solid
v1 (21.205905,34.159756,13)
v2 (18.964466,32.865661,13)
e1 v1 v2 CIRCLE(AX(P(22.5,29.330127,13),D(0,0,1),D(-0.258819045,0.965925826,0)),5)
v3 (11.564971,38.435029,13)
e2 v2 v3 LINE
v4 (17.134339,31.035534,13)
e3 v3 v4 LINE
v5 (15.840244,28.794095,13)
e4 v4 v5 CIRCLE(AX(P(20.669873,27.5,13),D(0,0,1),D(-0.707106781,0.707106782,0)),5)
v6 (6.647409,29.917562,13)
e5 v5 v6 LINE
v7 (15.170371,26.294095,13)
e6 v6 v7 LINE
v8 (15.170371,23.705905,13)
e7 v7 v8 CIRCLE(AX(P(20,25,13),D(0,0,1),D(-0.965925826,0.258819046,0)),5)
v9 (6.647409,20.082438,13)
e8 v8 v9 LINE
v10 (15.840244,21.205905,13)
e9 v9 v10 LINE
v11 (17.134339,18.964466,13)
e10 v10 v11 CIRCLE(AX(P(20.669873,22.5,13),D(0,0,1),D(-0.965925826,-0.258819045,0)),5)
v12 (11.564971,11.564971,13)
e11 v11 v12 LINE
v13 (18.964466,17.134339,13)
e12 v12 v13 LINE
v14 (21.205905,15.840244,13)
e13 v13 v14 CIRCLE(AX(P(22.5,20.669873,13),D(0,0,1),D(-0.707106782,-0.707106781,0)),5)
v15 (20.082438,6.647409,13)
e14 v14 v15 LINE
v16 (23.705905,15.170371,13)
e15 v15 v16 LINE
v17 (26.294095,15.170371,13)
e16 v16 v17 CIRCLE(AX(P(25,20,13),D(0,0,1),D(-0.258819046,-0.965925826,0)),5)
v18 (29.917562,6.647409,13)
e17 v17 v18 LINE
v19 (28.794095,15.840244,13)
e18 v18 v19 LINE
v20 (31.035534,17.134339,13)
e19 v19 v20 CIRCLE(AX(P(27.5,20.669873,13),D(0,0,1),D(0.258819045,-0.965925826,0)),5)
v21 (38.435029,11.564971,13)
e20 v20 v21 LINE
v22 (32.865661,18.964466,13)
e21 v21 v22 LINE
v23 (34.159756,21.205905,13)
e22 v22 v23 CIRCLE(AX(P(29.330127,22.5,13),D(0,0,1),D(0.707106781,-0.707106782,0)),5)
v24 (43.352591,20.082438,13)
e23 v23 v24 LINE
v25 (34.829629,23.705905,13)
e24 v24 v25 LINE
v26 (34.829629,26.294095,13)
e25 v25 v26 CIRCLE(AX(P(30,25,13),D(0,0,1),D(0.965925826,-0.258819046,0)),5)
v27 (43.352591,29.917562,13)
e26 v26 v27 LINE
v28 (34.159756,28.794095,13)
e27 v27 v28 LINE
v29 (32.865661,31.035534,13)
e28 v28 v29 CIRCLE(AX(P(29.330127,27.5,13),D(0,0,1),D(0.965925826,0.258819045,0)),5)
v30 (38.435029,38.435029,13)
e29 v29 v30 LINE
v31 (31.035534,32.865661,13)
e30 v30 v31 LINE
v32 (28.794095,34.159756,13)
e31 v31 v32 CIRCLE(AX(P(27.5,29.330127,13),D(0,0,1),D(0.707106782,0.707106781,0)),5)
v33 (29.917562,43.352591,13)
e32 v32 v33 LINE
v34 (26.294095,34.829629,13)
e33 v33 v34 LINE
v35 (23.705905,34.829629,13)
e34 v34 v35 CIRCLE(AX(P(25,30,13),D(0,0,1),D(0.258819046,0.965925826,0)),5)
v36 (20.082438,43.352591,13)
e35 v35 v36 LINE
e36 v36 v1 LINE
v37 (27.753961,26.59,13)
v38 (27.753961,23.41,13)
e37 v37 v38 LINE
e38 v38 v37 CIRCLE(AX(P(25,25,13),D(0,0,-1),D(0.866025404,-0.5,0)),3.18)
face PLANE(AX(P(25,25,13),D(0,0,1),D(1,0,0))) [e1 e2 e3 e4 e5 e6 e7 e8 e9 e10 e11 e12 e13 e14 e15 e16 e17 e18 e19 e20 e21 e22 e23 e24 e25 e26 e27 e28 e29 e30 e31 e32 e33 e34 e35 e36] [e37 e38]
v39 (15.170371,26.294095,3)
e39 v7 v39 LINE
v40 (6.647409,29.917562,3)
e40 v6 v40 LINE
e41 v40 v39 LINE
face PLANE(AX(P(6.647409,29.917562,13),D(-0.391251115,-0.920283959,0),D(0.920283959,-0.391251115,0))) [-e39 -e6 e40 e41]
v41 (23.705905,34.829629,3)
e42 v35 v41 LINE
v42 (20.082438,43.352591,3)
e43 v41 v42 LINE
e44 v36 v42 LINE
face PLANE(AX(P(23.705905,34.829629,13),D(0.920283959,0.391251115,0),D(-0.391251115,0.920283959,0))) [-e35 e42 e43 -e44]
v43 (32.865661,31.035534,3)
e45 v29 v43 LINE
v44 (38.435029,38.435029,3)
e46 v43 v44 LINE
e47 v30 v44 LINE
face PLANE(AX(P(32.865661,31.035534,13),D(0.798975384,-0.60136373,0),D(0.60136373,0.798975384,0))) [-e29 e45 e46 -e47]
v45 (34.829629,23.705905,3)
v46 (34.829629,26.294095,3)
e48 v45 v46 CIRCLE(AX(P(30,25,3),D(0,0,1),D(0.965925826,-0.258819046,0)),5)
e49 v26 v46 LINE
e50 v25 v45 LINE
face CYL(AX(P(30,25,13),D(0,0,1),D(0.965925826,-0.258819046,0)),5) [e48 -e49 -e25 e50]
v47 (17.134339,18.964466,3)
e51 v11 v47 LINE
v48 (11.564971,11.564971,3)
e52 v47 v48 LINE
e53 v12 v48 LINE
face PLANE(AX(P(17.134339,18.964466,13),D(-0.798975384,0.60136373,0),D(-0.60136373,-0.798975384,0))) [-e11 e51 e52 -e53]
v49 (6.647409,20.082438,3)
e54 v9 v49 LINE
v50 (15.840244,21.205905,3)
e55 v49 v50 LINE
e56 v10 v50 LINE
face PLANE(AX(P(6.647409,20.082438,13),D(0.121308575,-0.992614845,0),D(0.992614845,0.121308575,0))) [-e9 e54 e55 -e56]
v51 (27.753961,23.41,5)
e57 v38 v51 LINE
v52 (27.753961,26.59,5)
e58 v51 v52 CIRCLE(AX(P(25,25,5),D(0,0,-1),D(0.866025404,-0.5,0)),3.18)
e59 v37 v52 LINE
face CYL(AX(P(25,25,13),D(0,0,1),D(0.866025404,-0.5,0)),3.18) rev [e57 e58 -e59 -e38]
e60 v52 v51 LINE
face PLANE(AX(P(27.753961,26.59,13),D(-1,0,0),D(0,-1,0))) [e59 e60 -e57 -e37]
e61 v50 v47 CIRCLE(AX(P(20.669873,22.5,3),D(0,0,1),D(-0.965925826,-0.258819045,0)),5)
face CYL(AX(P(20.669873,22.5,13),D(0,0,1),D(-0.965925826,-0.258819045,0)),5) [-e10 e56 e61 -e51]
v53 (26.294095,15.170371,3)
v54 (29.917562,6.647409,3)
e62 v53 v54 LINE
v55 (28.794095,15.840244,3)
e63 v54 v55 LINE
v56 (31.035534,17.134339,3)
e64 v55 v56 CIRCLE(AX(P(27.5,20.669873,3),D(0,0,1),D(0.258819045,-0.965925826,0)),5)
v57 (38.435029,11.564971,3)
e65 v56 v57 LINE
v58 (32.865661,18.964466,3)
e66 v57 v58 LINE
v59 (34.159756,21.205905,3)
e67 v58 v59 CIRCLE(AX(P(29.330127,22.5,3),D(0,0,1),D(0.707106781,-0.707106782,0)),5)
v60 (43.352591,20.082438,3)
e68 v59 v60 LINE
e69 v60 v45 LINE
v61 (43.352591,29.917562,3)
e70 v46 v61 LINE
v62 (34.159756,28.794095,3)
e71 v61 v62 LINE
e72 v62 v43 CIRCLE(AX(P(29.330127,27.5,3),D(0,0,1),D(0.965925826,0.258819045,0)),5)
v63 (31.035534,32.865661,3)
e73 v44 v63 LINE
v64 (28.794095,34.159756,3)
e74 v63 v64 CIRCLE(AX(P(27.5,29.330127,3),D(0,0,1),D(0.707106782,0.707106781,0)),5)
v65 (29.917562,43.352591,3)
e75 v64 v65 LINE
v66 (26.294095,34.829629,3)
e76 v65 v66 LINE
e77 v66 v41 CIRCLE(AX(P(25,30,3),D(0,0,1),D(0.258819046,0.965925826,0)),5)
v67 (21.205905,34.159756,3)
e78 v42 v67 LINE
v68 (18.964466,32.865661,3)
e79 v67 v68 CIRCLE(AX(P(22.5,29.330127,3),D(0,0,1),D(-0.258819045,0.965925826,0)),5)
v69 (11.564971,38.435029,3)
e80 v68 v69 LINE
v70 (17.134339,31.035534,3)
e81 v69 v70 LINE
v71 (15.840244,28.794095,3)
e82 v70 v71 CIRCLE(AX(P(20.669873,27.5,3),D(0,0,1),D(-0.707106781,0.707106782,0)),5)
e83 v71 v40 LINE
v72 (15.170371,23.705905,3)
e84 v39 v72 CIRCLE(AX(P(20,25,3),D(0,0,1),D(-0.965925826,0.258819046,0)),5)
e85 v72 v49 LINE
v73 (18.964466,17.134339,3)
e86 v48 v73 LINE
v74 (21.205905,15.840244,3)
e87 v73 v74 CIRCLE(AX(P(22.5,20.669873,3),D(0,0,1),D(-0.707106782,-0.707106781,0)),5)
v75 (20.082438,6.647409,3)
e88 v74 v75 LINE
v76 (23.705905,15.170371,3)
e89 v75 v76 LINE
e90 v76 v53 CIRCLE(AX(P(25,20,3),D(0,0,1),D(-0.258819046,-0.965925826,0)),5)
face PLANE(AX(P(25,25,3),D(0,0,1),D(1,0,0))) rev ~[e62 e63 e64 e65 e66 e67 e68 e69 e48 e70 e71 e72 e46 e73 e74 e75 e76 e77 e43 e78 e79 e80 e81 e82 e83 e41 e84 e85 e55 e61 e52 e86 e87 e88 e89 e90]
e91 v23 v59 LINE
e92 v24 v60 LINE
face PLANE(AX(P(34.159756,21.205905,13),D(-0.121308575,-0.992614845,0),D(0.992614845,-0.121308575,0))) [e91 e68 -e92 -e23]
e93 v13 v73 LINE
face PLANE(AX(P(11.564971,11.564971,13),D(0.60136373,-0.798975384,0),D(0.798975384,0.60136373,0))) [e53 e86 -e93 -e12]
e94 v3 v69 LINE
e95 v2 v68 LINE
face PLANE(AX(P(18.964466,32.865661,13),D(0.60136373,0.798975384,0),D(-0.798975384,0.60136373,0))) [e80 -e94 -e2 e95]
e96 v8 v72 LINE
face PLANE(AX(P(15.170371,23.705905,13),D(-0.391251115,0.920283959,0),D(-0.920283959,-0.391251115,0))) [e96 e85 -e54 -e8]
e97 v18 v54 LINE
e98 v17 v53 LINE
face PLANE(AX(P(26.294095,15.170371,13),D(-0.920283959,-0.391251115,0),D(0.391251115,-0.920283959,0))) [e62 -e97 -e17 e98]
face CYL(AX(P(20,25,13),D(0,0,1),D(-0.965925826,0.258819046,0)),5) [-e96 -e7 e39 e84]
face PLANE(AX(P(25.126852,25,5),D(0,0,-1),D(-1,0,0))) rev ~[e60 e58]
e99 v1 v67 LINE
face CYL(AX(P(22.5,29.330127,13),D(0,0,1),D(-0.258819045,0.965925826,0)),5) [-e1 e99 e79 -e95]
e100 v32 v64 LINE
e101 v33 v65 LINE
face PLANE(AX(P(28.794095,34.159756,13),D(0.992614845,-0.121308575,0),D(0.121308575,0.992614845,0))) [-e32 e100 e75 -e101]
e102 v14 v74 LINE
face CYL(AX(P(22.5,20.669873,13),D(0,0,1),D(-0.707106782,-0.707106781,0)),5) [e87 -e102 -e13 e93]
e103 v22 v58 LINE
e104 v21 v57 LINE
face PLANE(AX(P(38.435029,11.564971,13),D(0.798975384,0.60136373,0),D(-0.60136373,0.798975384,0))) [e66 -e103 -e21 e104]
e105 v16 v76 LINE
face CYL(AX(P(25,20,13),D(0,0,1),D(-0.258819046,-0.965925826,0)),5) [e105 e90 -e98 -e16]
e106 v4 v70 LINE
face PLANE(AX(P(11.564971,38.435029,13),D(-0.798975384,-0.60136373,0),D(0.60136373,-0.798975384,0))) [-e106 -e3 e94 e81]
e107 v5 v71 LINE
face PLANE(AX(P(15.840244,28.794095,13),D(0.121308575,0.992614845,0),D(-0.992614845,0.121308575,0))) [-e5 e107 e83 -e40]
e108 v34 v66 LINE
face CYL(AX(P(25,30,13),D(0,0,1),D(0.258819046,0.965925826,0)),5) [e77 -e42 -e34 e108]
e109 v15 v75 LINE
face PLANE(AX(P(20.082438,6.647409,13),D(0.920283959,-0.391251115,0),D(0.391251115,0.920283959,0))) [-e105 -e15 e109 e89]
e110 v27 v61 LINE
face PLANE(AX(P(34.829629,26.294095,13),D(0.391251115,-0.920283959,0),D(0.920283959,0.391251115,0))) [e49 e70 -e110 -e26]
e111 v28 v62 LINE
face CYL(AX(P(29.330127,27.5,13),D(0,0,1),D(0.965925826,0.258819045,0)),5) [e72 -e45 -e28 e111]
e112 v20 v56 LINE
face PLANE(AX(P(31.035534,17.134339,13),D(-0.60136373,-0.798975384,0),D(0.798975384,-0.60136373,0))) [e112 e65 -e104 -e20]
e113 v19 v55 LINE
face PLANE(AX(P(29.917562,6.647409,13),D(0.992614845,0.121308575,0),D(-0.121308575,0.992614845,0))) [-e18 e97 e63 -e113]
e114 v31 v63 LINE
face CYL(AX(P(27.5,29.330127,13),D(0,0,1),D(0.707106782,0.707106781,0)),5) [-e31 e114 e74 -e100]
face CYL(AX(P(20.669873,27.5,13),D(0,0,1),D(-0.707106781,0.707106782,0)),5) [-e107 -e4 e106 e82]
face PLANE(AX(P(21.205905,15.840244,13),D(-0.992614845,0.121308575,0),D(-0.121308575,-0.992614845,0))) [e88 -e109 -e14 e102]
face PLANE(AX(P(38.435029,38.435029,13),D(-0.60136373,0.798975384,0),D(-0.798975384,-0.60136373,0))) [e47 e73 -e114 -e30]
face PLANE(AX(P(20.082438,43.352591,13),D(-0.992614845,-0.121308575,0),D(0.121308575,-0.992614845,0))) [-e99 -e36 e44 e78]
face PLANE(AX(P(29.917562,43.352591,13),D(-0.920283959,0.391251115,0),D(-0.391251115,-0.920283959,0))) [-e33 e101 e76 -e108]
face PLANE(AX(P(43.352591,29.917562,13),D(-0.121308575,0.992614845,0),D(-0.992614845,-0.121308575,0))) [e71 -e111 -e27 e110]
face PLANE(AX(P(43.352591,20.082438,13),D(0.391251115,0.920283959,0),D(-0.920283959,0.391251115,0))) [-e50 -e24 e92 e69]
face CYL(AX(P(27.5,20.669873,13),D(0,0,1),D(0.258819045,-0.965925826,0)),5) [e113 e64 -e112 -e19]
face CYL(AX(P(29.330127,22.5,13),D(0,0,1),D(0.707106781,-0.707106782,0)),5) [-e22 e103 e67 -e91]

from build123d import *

# Parameters (mm, degrees)
SKETCH2_R          = 19
BASECIRCLE_DEPTH   = 5
CUT_EXTRUDE2_DEPTH = 8
CUT_EXTRUDE1_DEPTH = 10
CIRPATTERN1_COUNT  = 12


with BuildPart() as part:
    # Sketch2 → BaseCircle (new, symmetric)
    with BuildSketch(Plane.XY.offset(8)):
        with Locations((25, 25)):
            Circle(SKETCH2_R)
    extrude(amount=BASECIRCLE_DEPTH, both=True)

    # Sketch4 → Cut-Extrude2 (cut)
    with BuildSketch(Plane.XY.offset(13)):
        with BuildLine():
            Line((27.753960784, 26.59), (27.753960784, 23.41))
            ThreePointArc((27.753960784, 23.41), (21.82, 25), (27.753960784, 26.59))
        make_face()
    extrude(amount=-CUT_EXTRUDE2_DEPTH, mode=Mode.SUBTRACT)

    # Sketch3 → Cut-Extrude1 (cut)
    with BuildSketch(Plane.XY.offset(13)):
        with BuildLine():
            Line((20.082438143, 6.647409301), (23.705904774, 15.170370869))
            ThreePointArc((23.705904774, 15.170370869), (25, 15), (26.294095226, 15.170370869))
            Line((26.294095226, 15.170370869), (29.917561857, 6.647409301))
            ThreePointArc((29.917561857, 6.647409301), (25, 6), (20.082438143, 6.647409301))
        make_face()
    cut_extrude1 = extrude(amount=-CUT_EXTRUDE1_DEPTH, mode=Mode.SUBTRACT)

    # CirPattern1: Cut-Extrude1 ×12 about axis
    cirpattern1_axis = Axis((25, 25, 0), (0, 0, 1))
    for i in range(1, CIRPATTERN1_COUNT):
        add(cut_extrude1.rotate(cirpattern1_axis, i * 360 / CIRPATTERN1_COUNT), mode=Mode.SUBTRACT)


solid = part.part
